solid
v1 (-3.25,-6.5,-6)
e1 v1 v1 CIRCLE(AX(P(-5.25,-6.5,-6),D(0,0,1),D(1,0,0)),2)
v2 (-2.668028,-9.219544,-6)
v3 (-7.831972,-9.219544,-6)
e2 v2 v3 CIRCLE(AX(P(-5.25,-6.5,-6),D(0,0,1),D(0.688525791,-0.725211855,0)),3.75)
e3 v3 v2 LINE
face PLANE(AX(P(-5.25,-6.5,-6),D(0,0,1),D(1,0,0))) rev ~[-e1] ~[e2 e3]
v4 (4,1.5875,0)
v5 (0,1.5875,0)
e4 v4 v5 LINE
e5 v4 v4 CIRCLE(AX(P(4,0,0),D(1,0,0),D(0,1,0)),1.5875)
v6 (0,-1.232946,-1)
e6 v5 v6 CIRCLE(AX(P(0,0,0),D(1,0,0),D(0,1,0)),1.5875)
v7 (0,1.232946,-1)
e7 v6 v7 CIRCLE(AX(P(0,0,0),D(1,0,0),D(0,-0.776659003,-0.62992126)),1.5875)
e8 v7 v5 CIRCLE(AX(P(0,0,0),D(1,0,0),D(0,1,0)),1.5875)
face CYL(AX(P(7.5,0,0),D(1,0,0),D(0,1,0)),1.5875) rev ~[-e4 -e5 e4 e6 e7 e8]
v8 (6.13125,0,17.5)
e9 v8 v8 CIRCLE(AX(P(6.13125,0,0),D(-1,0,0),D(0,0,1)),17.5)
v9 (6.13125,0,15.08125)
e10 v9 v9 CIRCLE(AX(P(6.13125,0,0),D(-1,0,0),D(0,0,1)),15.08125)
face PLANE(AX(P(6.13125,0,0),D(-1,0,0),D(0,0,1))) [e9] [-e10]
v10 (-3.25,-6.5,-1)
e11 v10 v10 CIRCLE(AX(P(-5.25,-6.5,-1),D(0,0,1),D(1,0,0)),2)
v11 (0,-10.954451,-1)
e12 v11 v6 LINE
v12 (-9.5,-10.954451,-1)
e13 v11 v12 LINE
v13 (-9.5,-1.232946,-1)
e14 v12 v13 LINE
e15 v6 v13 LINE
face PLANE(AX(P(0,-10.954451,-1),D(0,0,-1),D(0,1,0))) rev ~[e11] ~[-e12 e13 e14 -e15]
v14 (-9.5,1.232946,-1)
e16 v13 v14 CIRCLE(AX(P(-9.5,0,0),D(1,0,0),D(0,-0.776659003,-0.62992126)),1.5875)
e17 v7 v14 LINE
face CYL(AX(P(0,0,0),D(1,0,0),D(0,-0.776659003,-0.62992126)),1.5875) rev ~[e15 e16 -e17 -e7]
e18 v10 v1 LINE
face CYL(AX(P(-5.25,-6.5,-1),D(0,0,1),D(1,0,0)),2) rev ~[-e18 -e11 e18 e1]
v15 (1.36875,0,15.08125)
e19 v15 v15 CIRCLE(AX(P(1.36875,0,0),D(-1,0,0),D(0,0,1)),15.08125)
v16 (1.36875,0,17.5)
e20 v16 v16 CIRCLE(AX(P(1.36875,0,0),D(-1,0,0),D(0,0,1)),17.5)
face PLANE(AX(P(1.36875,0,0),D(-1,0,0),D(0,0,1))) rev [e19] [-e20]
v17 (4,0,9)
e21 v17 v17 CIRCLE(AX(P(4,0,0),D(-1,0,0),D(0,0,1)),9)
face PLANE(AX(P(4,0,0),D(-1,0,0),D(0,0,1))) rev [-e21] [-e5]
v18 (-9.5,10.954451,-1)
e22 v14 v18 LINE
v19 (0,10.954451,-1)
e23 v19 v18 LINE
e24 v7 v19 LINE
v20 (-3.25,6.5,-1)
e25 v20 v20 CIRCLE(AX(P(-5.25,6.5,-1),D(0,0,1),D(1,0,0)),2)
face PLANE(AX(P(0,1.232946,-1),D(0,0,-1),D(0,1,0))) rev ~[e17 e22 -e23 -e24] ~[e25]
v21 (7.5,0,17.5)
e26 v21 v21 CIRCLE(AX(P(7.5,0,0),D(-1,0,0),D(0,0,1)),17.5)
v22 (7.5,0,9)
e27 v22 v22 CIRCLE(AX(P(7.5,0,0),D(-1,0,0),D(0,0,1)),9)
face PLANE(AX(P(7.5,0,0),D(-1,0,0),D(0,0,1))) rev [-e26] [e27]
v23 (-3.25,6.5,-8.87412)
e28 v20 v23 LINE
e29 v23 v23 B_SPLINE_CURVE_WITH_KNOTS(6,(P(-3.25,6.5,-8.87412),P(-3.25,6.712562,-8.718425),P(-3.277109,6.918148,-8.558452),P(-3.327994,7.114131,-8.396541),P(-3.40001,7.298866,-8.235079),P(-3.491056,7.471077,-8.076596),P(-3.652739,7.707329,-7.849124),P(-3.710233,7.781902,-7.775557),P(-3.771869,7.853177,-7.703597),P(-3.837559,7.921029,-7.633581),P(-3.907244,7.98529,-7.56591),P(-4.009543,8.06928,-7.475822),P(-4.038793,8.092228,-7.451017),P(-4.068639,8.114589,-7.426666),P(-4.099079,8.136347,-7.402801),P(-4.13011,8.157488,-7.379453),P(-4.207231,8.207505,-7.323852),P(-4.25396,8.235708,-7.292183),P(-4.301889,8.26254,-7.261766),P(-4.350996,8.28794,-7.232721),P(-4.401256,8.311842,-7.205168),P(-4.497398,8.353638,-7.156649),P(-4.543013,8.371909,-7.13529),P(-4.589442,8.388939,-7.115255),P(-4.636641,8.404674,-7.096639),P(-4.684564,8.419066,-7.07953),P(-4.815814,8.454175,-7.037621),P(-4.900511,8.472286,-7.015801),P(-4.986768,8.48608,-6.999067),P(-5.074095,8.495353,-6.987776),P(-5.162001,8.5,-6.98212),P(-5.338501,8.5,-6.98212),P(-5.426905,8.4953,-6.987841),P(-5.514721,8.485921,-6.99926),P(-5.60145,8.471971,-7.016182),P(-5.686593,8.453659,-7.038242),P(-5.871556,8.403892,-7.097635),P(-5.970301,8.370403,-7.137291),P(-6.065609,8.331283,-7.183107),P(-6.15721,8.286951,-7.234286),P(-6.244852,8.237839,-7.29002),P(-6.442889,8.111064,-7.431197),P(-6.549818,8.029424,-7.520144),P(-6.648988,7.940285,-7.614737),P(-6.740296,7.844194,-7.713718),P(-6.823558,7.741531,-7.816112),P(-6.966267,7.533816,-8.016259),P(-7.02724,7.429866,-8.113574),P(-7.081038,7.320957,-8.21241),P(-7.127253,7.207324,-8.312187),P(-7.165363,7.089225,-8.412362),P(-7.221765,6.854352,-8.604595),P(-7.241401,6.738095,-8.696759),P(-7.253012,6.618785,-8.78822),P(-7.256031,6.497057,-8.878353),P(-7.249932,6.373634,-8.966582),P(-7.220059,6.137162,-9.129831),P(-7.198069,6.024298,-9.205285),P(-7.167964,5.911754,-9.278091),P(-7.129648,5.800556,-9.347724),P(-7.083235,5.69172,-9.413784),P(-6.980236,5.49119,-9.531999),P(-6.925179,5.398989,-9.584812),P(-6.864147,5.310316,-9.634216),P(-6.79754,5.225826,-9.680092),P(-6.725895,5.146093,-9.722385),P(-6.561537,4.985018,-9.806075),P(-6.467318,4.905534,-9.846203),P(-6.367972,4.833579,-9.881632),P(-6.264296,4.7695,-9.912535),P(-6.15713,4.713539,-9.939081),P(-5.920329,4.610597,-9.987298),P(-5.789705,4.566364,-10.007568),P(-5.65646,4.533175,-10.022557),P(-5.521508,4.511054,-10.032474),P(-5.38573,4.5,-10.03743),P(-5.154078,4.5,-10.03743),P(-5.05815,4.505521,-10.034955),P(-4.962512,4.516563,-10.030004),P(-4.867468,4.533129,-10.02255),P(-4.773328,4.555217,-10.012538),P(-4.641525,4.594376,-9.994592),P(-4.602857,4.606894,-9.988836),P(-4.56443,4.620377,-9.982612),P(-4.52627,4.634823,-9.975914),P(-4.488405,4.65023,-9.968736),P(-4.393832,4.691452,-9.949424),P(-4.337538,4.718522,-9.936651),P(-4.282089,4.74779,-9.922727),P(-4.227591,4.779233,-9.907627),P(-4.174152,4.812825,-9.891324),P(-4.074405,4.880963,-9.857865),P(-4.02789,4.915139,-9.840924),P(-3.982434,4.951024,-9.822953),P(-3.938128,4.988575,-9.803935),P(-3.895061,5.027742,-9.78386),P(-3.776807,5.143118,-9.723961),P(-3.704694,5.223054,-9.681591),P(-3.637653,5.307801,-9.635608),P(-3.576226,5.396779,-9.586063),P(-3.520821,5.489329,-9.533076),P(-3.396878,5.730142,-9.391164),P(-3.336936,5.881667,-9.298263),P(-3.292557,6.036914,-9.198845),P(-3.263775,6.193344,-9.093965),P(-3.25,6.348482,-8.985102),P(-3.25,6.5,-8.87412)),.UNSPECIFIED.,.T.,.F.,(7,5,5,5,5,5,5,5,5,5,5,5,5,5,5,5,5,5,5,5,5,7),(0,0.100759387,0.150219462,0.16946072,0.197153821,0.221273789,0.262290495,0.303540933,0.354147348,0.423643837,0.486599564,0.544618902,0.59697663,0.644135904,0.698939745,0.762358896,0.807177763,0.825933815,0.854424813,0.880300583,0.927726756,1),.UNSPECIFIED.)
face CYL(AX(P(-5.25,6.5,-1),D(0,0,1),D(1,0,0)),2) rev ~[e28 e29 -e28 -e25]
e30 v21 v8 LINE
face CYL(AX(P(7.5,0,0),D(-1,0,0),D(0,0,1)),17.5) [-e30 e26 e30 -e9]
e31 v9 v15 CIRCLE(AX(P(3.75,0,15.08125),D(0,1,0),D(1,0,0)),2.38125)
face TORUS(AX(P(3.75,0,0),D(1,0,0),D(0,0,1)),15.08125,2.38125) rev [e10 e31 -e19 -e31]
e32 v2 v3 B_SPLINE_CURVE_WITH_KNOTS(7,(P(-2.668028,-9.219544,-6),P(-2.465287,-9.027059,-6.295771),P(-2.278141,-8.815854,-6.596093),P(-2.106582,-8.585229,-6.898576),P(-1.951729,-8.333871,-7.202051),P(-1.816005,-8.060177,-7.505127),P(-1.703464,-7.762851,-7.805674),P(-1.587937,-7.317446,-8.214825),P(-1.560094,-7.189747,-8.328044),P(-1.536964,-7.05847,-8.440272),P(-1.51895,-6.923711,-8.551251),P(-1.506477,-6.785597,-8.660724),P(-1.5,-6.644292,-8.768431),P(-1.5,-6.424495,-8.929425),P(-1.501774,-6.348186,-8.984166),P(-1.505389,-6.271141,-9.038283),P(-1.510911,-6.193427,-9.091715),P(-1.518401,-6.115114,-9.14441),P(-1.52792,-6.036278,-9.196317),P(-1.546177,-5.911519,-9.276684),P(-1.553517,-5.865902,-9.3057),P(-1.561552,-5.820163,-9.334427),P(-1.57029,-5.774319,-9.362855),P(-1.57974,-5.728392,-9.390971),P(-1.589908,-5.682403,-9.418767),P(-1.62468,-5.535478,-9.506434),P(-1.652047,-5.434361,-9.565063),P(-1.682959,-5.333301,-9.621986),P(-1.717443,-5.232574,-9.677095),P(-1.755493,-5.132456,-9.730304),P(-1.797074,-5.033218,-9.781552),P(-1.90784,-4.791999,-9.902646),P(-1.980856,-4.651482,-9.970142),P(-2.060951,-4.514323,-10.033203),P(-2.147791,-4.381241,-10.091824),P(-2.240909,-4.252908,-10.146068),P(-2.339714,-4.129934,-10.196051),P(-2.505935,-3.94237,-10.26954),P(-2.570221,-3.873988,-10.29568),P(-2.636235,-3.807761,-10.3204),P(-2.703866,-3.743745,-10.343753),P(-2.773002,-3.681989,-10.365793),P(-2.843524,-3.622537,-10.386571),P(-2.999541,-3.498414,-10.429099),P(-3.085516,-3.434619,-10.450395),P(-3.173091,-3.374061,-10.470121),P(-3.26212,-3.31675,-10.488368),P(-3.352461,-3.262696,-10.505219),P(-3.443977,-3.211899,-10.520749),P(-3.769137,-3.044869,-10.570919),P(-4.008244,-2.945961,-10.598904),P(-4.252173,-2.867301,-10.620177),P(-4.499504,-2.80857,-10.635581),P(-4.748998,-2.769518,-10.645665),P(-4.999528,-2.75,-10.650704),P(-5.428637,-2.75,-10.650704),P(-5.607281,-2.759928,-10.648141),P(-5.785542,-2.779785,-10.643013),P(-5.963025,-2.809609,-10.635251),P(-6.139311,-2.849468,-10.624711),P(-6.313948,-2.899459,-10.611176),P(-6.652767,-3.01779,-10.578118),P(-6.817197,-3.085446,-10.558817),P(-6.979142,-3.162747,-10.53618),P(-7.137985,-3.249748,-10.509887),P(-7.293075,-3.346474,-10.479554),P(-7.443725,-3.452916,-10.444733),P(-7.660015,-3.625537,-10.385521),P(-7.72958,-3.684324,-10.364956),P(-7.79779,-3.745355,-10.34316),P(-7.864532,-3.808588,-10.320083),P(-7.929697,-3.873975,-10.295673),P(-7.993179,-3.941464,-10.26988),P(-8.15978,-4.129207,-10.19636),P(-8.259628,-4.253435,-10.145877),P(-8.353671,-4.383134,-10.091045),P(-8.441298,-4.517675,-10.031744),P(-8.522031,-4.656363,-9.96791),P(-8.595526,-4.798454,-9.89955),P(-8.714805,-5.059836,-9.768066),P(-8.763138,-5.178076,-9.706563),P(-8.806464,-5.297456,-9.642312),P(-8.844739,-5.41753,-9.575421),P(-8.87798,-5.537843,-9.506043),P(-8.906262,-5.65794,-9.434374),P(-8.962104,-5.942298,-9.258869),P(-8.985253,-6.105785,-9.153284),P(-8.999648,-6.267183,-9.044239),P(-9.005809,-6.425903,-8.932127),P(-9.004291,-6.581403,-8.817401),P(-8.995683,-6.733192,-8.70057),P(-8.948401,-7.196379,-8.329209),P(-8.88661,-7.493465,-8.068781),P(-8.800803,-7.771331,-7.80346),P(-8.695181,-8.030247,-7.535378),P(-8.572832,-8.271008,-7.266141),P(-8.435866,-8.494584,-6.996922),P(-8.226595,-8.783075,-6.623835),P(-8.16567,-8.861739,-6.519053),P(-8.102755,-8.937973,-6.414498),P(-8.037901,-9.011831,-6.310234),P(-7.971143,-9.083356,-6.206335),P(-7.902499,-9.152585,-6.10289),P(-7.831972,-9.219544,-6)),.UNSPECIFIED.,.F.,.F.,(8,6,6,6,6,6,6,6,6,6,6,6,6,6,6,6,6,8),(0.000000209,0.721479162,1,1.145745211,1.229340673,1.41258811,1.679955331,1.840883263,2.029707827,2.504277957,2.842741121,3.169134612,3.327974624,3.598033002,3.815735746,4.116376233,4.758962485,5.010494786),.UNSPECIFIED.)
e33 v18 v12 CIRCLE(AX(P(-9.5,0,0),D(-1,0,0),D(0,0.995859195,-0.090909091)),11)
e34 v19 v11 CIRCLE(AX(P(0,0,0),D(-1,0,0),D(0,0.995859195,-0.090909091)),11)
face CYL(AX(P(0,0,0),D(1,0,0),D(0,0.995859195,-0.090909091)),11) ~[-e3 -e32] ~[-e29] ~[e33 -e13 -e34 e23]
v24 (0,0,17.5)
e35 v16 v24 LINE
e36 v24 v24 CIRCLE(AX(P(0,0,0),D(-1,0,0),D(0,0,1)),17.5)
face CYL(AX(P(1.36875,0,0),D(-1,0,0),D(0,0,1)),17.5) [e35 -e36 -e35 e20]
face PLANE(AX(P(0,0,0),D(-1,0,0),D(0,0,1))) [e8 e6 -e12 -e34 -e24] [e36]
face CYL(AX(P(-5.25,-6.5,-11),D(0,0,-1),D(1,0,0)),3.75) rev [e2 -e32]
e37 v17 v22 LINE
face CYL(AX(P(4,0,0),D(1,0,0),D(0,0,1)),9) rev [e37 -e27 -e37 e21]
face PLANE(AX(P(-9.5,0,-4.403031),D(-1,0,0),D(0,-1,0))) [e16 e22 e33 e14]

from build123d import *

# Parameters (mm, degrees)
F2_R      = 1.5875
F3_DEPTH  = 7.501
F5_DEPTH  = 9.5
F6_R      = 2
F7_DEPTH  = 16.501
F9_R      = 3.75
F10_DEPTH = 5


with BuildPart() as f1:
    # F0 (on Front) → F1 (revolve)
    with BuildSketch(Plane.XZ):
        with BuildLine():
            Line((0, 17.5), (0, 0))
            Line((0, 0), (4, 0))
            Line((4, 0), (4, 9))
            Line((4, 9), (7.5, 9))
            Line((7.5, 9), (7.5, 17.5))
            Line((7.5, 17.5), (6.13125, 17.5))
            Line((6.13125, 17.5), (6.13125, 15.08125))
            ThreePointArc((6.13125, 15.08125), (3.75, 12.7), (1.36875, 15.08125))
            Line((1.36875, 15.08125), (1.36875, 17.5))
            Line((1.36875, 17.5), (0, 17.5))
        make_face()
    revolve(axis=Axis((2, 0, 0), (-1, 0, 0)))

    # F2 (on face) → F3 (cut, through all)
    with BuildSketch(Plane.YZ.offset(7.5)):
        Circle(F2_R)
    extrude(amount=-F3_DEPTH, mode=Mode.SUBTRACT)

    # F4 (on face) → F5 (join)
    with BuildSketch(Plane(origin=(0, 0, 0), x_dir=(0, -1, 0), z_dir=(-1, 0, 0))):
        with BuildLine():
            Line((-1.2329461667, -1), (-10.9544511501, -1))
            ThreePointArc((-10.9544511501, -1), (0, -11), (10.9544511501, -1))
            Line((10.9544511501, -1), (1.2329461667, -1))
            ThreePointArc((1.2329461667, -1), (0, -1.5875), (-1.2329461667, -1))
        make_face()
    extrude(amount=F5_DEPTH)

    # F6 (on face) → F7 (cut, through all)
    with BuildSketch(Plane.XY.offset(-1)):
        with Locations((-5.25, 6.5)):
            Circle(F6_R)
        with Locations((-5.25, -6.5)):
            Circle(F6_R)
    extrude(amount=-F7_DEPTH, mode=Mode.SUBTRACT)

    # F9 (on offset) → F10 (cut)
    with BuildSketch(Plane.XY.offset(-11)):
        with Locations((-5.25, -6.5)):
            Circle(F9_R)
    extrude(amount=F10_DEPTH, mode=Mode.SUBTRACT)


solid = f1.part
